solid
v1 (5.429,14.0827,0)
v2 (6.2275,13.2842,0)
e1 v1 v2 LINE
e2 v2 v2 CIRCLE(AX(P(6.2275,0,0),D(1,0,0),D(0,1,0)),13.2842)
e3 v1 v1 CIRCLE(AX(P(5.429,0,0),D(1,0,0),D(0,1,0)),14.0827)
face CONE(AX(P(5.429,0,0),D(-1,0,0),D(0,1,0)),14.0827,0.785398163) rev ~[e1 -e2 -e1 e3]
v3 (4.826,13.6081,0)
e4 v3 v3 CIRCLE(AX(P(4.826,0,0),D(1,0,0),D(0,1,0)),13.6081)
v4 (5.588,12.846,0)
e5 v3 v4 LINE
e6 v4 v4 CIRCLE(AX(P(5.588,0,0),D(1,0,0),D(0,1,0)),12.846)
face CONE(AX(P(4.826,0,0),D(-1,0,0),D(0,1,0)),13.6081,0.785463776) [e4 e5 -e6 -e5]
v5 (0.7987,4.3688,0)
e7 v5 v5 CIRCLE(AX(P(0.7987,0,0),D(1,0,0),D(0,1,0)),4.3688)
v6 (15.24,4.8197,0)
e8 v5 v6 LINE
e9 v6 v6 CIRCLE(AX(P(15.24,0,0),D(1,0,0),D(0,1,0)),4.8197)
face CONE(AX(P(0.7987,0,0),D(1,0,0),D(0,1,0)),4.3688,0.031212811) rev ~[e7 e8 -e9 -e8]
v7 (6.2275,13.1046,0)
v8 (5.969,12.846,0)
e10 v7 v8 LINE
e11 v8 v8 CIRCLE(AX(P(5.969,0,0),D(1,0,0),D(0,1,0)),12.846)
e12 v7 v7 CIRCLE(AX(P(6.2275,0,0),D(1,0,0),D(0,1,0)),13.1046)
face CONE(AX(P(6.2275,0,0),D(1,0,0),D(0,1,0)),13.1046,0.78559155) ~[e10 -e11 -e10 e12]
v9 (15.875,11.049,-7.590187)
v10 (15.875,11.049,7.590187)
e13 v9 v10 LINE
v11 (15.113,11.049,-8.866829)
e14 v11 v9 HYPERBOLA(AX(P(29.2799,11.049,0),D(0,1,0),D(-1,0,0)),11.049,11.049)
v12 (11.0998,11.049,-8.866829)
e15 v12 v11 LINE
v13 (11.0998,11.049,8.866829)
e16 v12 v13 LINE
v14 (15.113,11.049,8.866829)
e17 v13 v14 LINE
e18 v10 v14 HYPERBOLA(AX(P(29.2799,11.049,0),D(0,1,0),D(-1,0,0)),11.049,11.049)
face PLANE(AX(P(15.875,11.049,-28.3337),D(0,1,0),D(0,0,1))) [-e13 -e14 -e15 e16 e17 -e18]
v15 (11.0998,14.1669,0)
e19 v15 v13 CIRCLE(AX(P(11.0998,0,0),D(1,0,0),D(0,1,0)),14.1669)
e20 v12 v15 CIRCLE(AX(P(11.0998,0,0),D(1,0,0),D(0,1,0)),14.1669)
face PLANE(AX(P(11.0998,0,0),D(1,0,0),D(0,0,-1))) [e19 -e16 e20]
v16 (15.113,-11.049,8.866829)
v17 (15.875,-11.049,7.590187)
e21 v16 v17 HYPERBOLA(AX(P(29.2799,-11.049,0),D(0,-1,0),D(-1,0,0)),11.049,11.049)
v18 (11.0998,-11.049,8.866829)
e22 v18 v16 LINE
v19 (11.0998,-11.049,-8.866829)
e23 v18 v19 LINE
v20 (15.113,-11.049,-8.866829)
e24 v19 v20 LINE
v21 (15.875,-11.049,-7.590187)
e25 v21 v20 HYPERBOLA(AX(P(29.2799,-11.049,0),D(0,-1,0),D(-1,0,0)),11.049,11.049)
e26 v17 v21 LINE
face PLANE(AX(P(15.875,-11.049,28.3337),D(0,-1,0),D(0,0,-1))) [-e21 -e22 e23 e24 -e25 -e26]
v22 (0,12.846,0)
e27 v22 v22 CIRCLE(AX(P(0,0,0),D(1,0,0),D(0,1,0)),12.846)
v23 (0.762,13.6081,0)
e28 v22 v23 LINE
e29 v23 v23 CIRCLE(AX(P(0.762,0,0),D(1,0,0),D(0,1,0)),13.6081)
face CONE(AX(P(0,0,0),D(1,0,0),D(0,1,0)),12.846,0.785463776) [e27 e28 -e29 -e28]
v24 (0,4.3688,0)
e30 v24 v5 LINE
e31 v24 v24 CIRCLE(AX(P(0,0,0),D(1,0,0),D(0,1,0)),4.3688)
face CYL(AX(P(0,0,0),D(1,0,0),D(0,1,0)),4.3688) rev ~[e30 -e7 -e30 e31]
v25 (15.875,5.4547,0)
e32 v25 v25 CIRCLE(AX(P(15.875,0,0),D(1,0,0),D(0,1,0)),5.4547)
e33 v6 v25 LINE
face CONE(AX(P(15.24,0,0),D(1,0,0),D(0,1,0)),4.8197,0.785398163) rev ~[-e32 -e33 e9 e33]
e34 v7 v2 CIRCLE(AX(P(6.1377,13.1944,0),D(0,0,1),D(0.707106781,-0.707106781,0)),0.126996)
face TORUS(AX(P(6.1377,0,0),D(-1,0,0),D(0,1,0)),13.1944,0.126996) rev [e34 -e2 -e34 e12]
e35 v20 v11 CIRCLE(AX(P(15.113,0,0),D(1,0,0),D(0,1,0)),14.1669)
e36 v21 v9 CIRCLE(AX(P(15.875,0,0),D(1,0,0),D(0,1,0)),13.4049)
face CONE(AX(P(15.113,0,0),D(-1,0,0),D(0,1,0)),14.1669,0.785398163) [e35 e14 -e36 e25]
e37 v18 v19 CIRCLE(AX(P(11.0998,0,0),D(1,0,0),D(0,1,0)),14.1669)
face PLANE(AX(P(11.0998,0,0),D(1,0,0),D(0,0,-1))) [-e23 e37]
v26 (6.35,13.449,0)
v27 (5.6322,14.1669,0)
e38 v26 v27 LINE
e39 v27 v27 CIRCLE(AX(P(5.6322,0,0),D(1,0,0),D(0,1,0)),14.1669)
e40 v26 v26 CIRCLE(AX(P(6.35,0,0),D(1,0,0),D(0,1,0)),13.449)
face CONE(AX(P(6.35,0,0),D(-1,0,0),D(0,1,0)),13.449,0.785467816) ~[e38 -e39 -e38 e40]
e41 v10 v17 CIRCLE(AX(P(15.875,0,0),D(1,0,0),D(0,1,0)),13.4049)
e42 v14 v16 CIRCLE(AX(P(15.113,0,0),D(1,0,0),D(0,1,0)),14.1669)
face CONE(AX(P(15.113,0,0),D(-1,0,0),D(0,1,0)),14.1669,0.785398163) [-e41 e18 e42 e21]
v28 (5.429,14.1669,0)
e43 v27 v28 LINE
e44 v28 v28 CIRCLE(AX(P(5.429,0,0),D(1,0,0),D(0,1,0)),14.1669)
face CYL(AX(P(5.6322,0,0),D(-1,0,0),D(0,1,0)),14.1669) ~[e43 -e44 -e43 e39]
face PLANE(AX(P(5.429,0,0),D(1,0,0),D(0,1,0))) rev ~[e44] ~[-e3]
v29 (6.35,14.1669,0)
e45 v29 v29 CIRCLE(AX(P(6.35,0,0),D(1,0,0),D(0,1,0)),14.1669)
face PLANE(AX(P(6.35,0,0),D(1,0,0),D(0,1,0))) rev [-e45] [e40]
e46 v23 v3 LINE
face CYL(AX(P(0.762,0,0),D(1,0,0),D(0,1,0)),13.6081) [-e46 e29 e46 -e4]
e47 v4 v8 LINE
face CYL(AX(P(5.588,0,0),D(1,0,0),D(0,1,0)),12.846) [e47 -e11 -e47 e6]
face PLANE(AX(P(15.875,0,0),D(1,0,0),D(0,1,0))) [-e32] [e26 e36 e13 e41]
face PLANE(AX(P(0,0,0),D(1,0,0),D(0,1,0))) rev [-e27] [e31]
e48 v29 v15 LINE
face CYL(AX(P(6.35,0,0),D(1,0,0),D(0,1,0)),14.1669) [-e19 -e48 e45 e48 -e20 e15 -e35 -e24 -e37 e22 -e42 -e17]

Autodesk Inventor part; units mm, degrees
sketch "Sketch_1" plane through (0, 0, 0) normal (0, 0, 1) x (1, 0, 0)
  line L0 (15.875, 0) -> (0, 0)
  line L1 (0, 0) -> (0, 12.846)
  line L2 (0, 12.846) -> (0.762, 13.6081)
  line L3 (0.762, 13.6081) -> (4.826, 13.6081)
  line L4 (4.826, 13.6081) -> (5.588, 12.846)
  line L5 (5.588, 12.846) -> (6.35, 12.846)
  line L6 (6.35, 12.846) -> (6.35, 14.1669)
  line L7 (6.35, 14.1669) -> (15.113, 14.1669)
  line L8 (15.113, 14.1669) -> (15.875, 13.4049)
  line L9 (15.875, 13.4049) -> (15.875, 0)
  line L10 (15.875, 0) -> (0, 0)
revolve "Revolution1" add sketch "Sketch_1" angle 360 about axis through (15.875, 0, 0) along (1, 0, 0)
sketch "Sketch_6" plane through (0, 0, 0) normal (0, 0, 1) x (1, 0, 0)
  line L0 (15.875, 0) -> (0, 0)
  line L1 (0, 0) -> (0, 4.3688)
  line L2 (0, 4.3688) -> (0.7987, 4.3688)
  line L3 (0.7987, 4.3688) -> (15.24, 4.8197)
  line L4 (15.24, 4.8197) -> (15.875, 5.4547)
  line L5 (15.875, 5.4547) -> (15.875, 0)
  line L6 (15.875, 0) -> (0, 0)
revolve "Revolution2" cut sketch "Sketch_6" angle 360 about axis through (15.875, 0, 0) along (1, 0, 0)
thread "Thread1" size "1/8" designation "1/8 - 27 NPT" standard "NPT" length 6.3022
sketch "Sketch_5" plane through (15.875, 0, 0) normal (1, 0, 0) x (0, 0, -1)
  line L0 (-56.6674, -28.3337) -> (56.6674, -28.3337)
  line L1 (56.6674, -28.3337) -> (56.6674, 28.3337)
  line L2 (56.6674, 28.3337) -> (-56.6674, 28.3337)
  line L3 (-56.6674, 28.3337) -> (-56.6674, -28.3337)
  line L4 (-28.3337, -11.049) -> (28.3337, -11.049)
  line L5 (28.3337, -11.049) -> (28.3337, 11.049)
  line L6 (28.3337, 11.049) -> (-28.3337, 11.049)
  line L7 (-28.3337, 11.049) -> (-28.3337, -11.049)
extrude "Extrusion1" cut sketch "Sketch_5" against normal blind 4.7752
sketch "Sketch_24" plane through (0, 0, 0) normal (0, 0, 1) x (1, 0, 0)
  line L0 (6.35, 0) -> (5.588, 0)
  line L1 (5.429, 14.1669) -> (5.429, 14.0827)
  line L2 (5.429, 14.0827) -> (6.2275, 13.2842)
  arc A0 (6.2275, 13.1046) -> (6.2275, 13.2842) centre (6.1377, 13.1944) ccw
  line L3 (6.2275, 13.1046) -> (5.969, 12.846)
  line L4 (5.969, 12.846) -> (5.588, 12.846)
  line L5 (5.588, 12.846) -> (5.588, 12.5921)
  line L6 (5.588, 12.5921) -> (6.35, 12.5921)
  line L7 (6.35, 12.5921) -> (6.35, 13.449)
  line L8 (6.35, 13.449) -> (5.6322, 14.1669)
  line L9 (5.6322, 14.1669) -> (5.429, 14.1669)
revolve "Revolution3" add sketch "Sketch_24" angle 360 about axis through (6.35, 0, 0) along (1, 0, 0)
ref_plane "cut1_XY" through (15.875, 11.049, 0) normal (1, 0, 0) x (0, 0, -1)
ref_plane "cut1_YZ" through (15.875, 11.049, 0) normal (0, 0, -1) x (0, 1, 0)
ref_plane "cut1_ZX" through (15.875, 11.049, 0) normal (0, 1, 0) x (1, 0, 0)
ref_plane "cut2_XY" through (15.875, -11.049, 0) normal (1, 0, 0) x (0, 0, -1)
ref_plane "cut2_YZ" through (15.875, -11.049, 0) normal (0, 0, -1) x (0, 1, 0)
ref_plane "cut2_ZX" through (15.875, -11.049, 0) normal (0, 1, 0) x (1, 0, 0)
ref_plane "cutf1_XY" through (15.875, 0, 0) normal (0, 0, 1) x (1, 0, 0)
ref_plane "cutf1_YZ" through (15.875, 0, 0) normal (1, 0, 0) x (0, 1, 0)
ref_plane "cutf1_ZX" through (15.875, 0, 0) normal (0, 1, 0) x (0, 0, 1)
ref_plane "cutf2_XY" through (11.0998, 0, 0) normal (0, 0, 1) x (1, 0, 0)
ref_plane "cutf2_YZ" through (11.0998, 0, 0) normal (1, 0, 0) x (0, 1, 0)
ref_plane "cutf2_ZX" through (11.0998, 0, 0) normal (0, 1, 0) x (0, 0, 1)
ref_plane "lovra_XY" through (15.875, 0, 0) normal (1, 0, 0) x (0, 1, 0)
ref_plane "lovra_YZ" through (15.875, 0, 0) normal (0, 1, 0) x (0, 0, 1)
ref_plane "lovra_ZX" through (15.875, 0, 0) normal (0, 0, 1) x (1, 0, 0)
ref_plane "lovra1_XY" through (11.0998, 0, 0) normal (1, 0, 0) x (0, 0, -1)
ref_plane "lovra1_YZ" through (11.0998, 0, 0) normal (0, 0, -1) x (0, 1, 0)
ref_plane "lovra1_ZX" through (11.0998, 0, 0) normal (0, 1, 0) x (1, 0, 0)
ref_plane "lovra2_XY" through (11.0998, 11.049, 0) normal (1, 0, 0) x (0, 0, -1)
ref_plane "lovra2_YZ" through (11.0998, 11.049, 0) normal (0, 0, -1) x (0, 1, 0)
ref_plane "lovra2_ZX" through (11.0998, 11.049, 0) normal (0, 1, 0) x (1, 0, 0)
ref_plane "lovra21_XY" through (0, 0, 5.2705) normal (1, 0, 0) x (0, 0, -1)
ref_plane "lovra21_YZ" through (0, 0, 5.2705) normal (0, 0, -1) x (0, 1, 0)
ref_plane "lovra21_ZX" through (0, 0, 5.2705) normal (0, 1, 0) x (1, 0, 0)
ref_plane "lovra22_XY" through (0, 0, -5.2705) normal (1, 0, 0) x (0, 0, -1)
ref_plane "lovra22_YZ" through (0, 0, -5.2705) normal (0, 0, -1) x (0, 1, 0)
ref_plane "lovra22_ZX" through (0, 0, -5.2705) normal (0, 1, 0) x (1, 0, 0)
ref_plane "lovra3_XY" through (11.0998, -11.049, 0) normal (1, 0, 0) x (0, 0, -1)
ref_plane "lovra3_YZ" through (11.0998, -11.049, 0) normal (0, 0, -1) x (0, 1, 0)
ref_plane "lovra3_ZX" through (11.0998, -11.049, 0) normal (0, 1, 0) x (1, 0, 0)
ref_plane "olen_XY" through (15.875, 0, 0) normal (1, 0, 0) x (0, 0, -1)
ref_plane "olen_YZ" through (15.875, 0, 0) normal (0, 0, -1) x (0, 1, 0)
ref_plane "olen_ZX" through (15.875, 0, 0) normal (0, 1, 0) x (1, 0, 0)
ref_plane "to_mounting_bracket_XY" through (22.225, 0, 0) normal (1, 0, 0) x (0, 0, -1)
ref_plane "to_mounting_bracket_YZ" through (22.225, 0, 0) normal (0, 0, -1) x (0, 1, 0)
ref_plane "to_mounting_bracket_ZX" through (22.225, 0, 0) normal (0, 1, 0) x (1, 0, 0)
ref_plane "to_nut_XY" through (0, 0, 0) normal (1, 0, 0) x (0, 0, -1)
ref_plane "to_nut_YZ" through (0, 0, 0) normal (0, 0, -1) x (0, 1, 0)
ref_plane "to_nut_ZX" through (0, 0, 0) normal (0, 1, 0) x (1, 0, 0)
ref_plane "to_pin_XY" through (30.9626, 0, 0) normal (0, 0, 1) x (1, 0, 0)
ref_plane "to_pin_YZ" through (30.9626, 0, 0) normal (1, 0, 0) x (0, 1, 0)
ref_plane "to_pin_ZX" through (30.9626, 0, 0) normal (0, 1, 0) x (0, 0, 1)
ref_plane "to_screw_XY" through (15.0876, 10.2743, -7.0612) normal (0, 1, 0) x (1, 0, 0)
ref_plane "to_screw_YZ" through (15.0876, 10.2743, -7.0612) normal (1, 0, 0) x (0, 0, -1)
ref_plane "to_screw_ZX" through (15.0876, 10.2743, -7.0612) normal (0, 0, -1) x (0, 1, 0)
ref_plane "to_tube_XY" through (5.588, 0, 0) normal (1, 0, 0) x (0, 0, -1)
ref_plane "to_tube_YZ" through (5.588, 0, 0) normal (0, 0, -1) x (0, 1, 0)
ref_plane "to_tube_ZX" through (5.588, 0, 0) normal (0, 1, 0) x (1, 0, 0)
properties part number "090000_rear_head"
